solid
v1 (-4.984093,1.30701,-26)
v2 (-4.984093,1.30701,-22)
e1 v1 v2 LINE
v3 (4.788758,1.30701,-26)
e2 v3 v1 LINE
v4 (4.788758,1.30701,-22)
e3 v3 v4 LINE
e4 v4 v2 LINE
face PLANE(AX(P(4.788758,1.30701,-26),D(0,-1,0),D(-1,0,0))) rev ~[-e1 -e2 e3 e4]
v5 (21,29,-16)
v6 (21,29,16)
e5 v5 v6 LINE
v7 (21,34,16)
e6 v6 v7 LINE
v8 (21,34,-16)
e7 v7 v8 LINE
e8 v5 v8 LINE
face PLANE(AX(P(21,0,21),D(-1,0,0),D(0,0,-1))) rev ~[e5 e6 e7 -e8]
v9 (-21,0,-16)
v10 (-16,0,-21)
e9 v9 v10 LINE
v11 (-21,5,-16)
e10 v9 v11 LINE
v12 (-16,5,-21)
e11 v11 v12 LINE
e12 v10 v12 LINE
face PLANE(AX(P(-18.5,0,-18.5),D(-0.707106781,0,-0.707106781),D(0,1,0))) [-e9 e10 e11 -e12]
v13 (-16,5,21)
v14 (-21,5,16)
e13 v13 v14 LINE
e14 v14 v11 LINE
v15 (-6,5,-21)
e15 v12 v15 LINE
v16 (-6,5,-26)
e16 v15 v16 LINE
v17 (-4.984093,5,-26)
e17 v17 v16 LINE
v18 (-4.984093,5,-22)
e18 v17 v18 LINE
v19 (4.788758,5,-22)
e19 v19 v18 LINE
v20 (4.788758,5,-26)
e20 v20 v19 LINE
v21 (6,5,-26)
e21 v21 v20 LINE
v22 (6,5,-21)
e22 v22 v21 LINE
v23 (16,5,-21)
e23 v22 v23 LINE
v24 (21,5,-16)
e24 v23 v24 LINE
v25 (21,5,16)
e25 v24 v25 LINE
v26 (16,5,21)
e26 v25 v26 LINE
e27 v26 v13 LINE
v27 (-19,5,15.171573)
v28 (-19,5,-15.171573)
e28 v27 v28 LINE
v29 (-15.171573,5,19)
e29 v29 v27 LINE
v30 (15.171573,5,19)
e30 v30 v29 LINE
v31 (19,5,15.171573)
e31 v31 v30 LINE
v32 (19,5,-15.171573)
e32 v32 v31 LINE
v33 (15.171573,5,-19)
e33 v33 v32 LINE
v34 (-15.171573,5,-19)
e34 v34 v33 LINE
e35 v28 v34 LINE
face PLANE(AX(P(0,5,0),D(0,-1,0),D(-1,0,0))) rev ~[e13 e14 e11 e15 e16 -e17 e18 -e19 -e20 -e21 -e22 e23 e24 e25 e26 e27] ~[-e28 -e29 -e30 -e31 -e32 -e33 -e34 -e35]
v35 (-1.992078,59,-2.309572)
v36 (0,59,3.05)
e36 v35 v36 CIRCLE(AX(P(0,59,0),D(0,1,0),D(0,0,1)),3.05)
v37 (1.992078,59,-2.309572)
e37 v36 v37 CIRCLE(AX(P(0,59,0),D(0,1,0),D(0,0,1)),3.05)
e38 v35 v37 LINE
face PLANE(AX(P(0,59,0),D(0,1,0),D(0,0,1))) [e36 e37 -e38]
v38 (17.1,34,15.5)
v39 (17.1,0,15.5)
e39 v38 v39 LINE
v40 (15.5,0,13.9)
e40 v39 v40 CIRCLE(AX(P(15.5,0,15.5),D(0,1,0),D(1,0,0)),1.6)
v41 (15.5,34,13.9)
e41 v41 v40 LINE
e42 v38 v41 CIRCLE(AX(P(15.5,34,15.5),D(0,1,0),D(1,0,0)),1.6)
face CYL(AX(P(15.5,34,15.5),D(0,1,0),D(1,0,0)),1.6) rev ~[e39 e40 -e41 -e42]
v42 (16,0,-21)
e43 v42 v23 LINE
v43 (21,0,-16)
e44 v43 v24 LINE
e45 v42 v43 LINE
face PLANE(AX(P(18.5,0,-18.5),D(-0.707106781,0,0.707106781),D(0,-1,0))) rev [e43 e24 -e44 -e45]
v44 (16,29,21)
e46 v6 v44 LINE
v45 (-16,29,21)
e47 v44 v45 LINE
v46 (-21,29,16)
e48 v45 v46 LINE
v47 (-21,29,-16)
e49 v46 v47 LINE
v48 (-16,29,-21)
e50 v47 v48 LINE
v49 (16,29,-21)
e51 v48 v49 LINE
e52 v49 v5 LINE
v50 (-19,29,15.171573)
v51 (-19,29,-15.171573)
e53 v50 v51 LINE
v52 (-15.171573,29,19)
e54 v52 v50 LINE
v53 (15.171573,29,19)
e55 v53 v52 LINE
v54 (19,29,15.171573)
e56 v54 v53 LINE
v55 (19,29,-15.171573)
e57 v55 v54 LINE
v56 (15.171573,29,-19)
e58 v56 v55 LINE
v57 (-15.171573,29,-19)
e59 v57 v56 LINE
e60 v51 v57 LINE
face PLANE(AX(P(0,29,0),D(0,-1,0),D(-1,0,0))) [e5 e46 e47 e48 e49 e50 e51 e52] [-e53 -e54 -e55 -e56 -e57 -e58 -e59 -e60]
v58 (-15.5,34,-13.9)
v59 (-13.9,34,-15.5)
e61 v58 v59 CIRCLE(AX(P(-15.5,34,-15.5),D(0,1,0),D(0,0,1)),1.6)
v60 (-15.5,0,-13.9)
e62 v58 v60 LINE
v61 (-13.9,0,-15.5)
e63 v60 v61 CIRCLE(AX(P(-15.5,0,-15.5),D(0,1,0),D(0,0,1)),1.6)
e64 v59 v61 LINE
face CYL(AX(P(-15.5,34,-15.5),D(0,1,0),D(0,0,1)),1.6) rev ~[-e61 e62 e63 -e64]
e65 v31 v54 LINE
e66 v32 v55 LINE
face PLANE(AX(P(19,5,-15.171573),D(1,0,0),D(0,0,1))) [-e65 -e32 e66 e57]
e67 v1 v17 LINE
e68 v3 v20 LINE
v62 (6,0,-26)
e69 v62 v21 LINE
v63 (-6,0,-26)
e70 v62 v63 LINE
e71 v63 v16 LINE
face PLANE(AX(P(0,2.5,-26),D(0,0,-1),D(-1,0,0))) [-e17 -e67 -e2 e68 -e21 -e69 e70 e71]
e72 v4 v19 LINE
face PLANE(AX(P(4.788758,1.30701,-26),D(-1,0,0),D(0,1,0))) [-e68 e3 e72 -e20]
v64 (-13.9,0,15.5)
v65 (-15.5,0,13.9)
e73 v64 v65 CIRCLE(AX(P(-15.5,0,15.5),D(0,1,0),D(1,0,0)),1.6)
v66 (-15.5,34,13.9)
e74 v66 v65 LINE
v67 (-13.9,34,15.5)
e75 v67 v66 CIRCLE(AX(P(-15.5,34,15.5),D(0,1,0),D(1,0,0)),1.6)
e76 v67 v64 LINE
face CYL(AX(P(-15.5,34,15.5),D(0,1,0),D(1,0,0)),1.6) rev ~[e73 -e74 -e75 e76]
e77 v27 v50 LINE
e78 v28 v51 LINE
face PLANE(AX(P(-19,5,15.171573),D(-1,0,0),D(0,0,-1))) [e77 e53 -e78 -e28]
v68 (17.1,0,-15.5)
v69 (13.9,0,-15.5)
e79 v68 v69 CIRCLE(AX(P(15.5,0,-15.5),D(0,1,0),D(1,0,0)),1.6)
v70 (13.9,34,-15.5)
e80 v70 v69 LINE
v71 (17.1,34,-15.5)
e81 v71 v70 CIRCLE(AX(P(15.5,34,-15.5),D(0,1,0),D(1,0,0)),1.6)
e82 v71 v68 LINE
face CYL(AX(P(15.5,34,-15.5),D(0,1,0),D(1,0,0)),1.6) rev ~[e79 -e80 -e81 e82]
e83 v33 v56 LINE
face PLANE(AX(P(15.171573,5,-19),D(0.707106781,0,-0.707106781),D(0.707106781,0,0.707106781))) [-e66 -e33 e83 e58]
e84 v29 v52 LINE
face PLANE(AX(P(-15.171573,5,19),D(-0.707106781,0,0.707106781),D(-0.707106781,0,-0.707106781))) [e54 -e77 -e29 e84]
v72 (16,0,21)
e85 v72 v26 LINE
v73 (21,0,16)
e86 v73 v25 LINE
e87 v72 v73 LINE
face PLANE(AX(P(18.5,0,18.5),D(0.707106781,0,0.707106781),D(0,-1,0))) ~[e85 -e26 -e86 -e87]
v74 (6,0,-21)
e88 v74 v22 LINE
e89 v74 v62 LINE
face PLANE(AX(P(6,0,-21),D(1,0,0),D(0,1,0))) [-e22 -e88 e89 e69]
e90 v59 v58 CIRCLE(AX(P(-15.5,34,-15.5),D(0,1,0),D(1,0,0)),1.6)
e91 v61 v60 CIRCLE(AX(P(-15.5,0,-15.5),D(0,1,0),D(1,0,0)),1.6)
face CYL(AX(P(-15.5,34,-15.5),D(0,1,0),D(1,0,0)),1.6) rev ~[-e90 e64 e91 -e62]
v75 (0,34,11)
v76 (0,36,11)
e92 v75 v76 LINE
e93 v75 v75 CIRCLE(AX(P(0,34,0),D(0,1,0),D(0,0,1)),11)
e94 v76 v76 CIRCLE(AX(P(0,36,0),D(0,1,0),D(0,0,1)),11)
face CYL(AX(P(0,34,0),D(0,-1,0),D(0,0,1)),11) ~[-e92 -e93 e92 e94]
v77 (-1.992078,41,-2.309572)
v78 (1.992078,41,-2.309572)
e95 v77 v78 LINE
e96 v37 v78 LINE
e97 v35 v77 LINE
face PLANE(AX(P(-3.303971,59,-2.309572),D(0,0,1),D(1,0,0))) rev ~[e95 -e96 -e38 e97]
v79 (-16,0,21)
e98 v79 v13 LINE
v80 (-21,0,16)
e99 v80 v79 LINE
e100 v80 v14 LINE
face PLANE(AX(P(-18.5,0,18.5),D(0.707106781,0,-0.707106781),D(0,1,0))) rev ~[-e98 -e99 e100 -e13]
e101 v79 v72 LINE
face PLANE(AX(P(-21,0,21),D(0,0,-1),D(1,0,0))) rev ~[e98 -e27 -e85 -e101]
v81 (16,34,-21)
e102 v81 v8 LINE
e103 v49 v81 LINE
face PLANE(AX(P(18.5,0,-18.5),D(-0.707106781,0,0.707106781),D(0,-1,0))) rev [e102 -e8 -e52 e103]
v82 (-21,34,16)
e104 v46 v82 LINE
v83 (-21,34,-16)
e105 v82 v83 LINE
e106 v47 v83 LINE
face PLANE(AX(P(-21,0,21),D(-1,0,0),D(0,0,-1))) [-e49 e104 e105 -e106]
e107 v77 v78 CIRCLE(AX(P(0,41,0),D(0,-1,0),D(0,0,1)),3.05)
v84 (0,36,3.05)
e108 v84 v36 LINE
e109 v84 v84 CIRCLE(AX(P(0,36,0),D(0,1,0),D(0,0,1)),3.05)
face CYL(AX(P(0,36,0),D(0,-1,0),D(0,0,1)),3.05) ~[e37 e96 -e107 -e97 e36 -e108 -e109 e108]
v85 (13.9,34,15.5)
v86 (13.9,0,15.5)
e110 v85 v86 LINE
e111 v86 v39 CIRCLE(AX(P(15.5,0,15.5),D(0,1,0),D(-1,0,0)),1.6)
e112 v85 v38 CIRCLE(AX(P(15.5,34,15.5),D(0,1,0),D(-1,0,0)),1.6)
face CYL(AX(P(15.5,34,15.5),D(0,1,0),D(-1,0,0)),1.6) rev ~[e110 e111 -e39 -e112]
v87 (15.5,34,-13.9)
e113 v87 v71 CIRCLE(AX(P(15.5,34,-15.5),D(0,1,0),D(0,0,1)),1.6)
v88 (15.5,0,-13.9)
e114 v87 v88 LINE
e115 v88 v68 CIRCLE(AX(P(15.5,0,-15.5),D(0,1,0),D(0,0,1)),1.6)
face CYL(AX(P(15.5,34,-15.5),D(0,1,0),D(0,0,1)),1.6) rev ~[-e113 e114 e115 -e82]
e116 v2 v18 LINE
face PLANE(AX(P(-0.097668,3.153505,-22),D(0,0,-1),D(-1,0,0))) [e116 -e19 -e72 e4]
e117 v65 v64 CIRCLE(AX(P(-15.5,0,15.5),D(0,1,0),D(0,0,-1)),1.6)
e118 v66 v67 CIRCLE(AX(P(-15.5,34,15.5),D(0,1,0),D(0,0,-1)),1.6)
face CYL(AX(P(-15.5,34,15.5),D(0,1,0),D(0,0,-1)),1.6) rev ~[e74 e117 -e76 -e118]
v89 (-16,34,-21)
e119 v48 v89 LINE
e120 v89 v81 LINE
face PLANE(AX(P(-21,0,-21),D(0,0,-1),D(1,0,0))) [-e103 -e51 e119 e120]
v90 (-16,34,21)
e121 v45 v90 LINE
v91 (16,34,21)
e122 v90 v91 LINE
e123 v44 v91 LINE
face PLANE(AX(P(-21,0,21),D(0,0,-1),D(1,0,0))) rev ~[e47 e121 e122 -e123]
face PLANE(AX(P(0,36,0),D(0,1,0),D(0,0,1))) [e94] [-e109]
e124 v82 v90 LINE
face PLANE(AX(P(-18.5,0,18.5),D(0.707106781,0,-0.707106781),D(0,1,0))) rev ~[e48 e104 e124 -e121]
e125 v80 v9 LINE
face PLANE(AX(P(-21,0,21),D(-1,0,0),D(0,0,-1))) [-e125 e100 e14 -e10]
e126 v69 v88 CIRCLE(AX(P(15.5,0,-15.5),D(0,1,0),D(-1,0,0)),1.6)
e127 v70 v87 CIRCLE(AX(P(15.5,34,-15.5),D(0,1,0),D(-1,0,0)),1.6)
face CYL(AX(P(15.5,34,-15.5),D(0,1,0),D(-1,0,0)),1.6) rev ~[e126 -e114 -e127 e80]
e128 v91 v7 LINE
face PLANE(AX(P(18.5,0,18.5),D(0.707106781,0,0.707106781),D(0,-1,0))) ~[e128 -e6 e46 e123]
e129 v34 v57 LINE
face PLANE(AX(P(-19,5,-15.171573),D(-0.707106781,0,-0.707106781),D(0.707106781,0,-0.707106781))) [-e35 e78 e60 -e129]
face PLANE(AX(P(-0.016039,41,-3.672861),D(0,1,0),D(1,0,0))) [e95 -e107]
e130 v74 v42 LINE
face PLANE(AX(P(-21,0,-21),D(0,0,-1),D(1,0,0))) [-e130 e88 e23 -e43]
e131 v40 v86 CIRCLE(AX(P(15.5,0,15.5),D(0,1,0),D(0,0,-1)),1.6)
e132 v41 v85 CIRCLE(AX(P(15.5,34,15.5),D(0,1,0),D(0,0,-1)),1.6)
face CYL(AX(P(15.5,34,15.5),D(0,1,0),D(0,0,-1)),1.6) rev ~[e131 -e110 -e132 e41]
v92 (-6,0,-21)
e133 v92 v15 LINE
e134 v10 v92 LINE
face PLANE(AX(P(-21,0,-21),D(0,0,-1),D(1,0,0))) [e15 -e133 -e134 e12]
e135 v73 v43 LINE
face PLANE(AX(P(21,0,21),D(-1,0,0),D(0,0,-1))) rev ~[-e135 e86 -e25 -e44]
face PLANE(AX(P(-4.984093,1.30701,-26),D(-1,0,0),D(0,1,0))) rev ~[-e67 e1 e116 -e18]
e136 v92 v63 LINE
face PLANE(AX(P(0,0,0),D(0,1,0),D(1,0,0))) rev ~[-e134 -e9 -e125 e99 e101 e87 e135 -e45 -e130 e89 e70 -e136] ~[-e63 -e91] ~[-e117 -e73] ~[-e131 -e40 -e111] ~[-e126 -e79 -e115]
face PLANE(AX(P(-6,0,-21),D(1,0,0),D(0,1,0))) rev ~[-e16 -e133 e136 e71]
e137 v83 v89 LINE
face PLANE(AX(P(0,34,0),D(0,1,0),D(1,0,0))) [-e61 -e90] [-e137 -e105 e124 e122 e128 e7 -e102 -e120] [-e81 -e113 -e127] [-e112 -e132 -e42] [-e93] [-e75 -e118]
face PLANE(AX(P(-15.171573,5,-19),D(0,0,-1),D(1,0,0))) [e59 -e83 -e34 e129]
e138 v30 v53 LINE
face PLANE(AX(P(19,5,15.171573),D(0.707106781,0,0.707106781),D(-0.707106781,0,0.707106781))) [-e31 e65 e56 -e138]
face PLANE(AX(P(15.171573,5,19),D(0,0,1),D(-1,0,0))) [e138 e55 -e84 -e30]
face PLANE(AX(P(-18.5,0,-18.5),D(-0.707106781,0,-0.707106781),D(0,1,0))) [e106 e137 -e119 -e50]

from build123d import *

# Parameters (mm, degrees)
SKETCH_1_W          = 42
SKETCH_1_H          = 42
EXTRUDE_1_DEPTH     = 34
SKETCH_2_R          = 11
EXTRUDE_2_DEPTH     = 2
SKETCH_3_R          = 3.05
EXTRUDE_3_DEPTH     = 23
SKETCH_4_W          = 6.575865178
SKETCH_4_H          = 2.726578245
CUT_EXTRUDE_1_DEPTH = 18
CUT_EXTRUDE_2_DEPTH = 46.144213361
CHAMFER_1_SIZE      = 5
CUT_EXTRUDE_3_DEPTH = 24
SKETCH_7_W          = 12
SKETCH_7_H          = 5
EXTRUDE_4_DEPTH     = 5
SKETCH_8_W          = 9.77285119
SKETCH_8_H          = 3.692990437
CUT_EXTRUDE_4_DEPTH = 4


with BuildPart() as part:
    # 草图1 → 凸台-拉伸1 (new body)
    with BuildSketch(Plane(origin=(0, 0, 0), x_dir=(1, 0, 0), z_dir=(0, 1, 0))):
        Rectangle(SKETCH_1_W, SKETCH_1_H)
    extrude(amount=EXTRUDE_1_DEPTH)

    # 草图2 → 凸台-拉伸2 (add)
    with BuildSketch(Plane(origin=(0, 34, 0), x_dir=(1, 0, 0), z_dir=(0, 1, 0))):
        with Locations(Location((0, 0, 0), (0, 0, 270))):
            Circle(SKETCH_2_R)
    extrude(amount=EXTRUDE_2_DEPTH)

    # 草图3 → 凸台-拉伸3 (add)
    with BuildSketch(Plane(origin=(0, 36, 0), x_dir=(1, 0, 0), z_dir=(0, 1, 0))):
        with Locations(Location((0, 0, 0), (0, 0, 270))):
            Circle(SKETCH_3_R)
    extrude(amount=EXTRUDE_3_DEPTH)

    # 草图4 → 切除-拉伸1 (cut)
    with BuildSketch(Plane(origin=(0, 59, 0), x_dir=(1, 0, 0), z_dir=(0, 1, 0))):
        with Locations((-0.016038696, 3.672861282)):
            Rectangle(SKETCH_4_W, SKETCH_4_H)
    extrude(amount=-CUT_EXTRUDE_1_DEPTH, mode=Mode.SUBTRACT)

    # 草图5 → 切除-拉伸2 (cut, through all)
    with BuildSketch(Plane(origin=(0, 34, 0), x_dir=(1, 0, 0), z_dir=(0, 1, 0))):
        with BuildLine():
            ThreePointArc((17.1, -15.5), (16.63137085, -14.36862915), (15.5, -13.9))
            Line((15.5, -13.9), (15.5, -15.5))
            Line((15.5, -15.5), (13.9, -15.5))
            ThreePointArc((13.9, -15.5), (15.5, -17.1), (17.1, -15.5))
        make_face()
        with BuildLine():
            Line((15.5, -15.5), (15.5, -13.9))
            ThreePointArc((15.5, -13.9), (14.36862915, -14.36862915), (13.9, -15.5))
            Line((13.9, -15.5), (15.5, -15.5))
        make_face()
        with BuildLine():
            ThreePointArc((-13.9, -15.5), (-14.36862915, -14.36862915), (-15.5, -13.9))
            Line((-15.5, -13.9), (-15.5, -15.5))
            Line((-15.5, -15.5), (-13.9, -15.5))
        make_face()
        with BuildLine():
            Line((-15.5, -15.5), (-15.5, -13.9))
            ThreePointArc((-15.5, -13.9), (-16.63137085, -16.63137085), (-13.9, -15.5))
            Line((-13.9, -15.5), (-15.5, -15.5))
        make_face()
        with BuildLine():
            ThreePointArc((-15.5, 13.9), (-14.36862915, 14.36862915), (-13.9, 15.5))
            Line((-13.9, 15.5), (-15.5, 15.5))
            Line((-15.5, 15.5), (-15.5, 13.9))
        make_face()
        with BuildLine():
            Line((-15.5, 15.5), (-13.9, 15.5))
            ThreePointArc((-13.9, 15.5), (-16.63137085, 16.63137085), (-15.5, 13.9))
            Line((-15.5, 13.9), (-15.5, 15.5))
        make_face()
        with BuildLine():
            ThreePointArc((17.1, 15.5), (15.5, 17.1), (13.9, 15.5))
            Line((13.9, 15.5), (15.5, 15.5))
            Line((15.5, 15.5), (15.5, 13.9))
            ThreePointArc((15.5, 13.9), (16.63137085, 14.36862915), (17.1, 15.5))
        make_face()
        with BuildLine():
            Line((15.5, 15.5), (13.9, 15.5))
            ThreePointArc((13.9, 15.5), (14.36862915, 14.36862915), (15.5, 13.9))
            Line((15.5, 13.9), (15.5, 15.5))
        make_face()
    extrude(amount=-CUT_EXTRUDE_2_DEPTH, mode=Mode.SUBTRACT)

    # 倒角1
    chamfer_1_edges = [part.edges().sort_by_distance(p)[0] for p in [
        (-21, 17, -21),
        (21, 17, -21),
        (21, 17, 21),
        (-21, 17, 21),
    ]]
    chamfer(chamfer_1_edges, length=CHAMFER_1_SIZE)

    # 草图6 → 切除-拉伸3 (cut)
    with BuildSketch(Plane(origin=(0, 5, 0), x_dir=(-1, 0, 0), z_dir=(0, -1, 0))):
        Polygon((-21, 16), (-21, -16), (-16, -21), (16, -21), (21, -16), (21, 16), (16, 21), (-16, 21), align=None)
        Polygon((-19, 15.171572875), (-19, -15.171572875), (-15.171572875, -19), (15.171572875, -19), (19, -15.171572875), (19, 15.171572875), (15.171572875, 19), (-15.171572875, 19), align=None, mode=Mode.SUBTRACT)
    extrude(amount=-CUT_EXTRUDE_3_DEPTH, mode=Mode.SUBTRACT)

    # 草图7 → 凸台-拉伸4 (add)
    with BuildSketch(Plane(origin=(0, 0, -21), x_dir=(-1, 0, 0), z_dir=(0, 0, -1))):
        with Locations((0, 2.5)):
            Rectangle(SKETCH_7_W, SKETCH_7_H)
    extrude(amount=EXTRUDE_4_DEPTH)

    # 草图8 → 切除-拉伸4 (cut)
    with BuildSketch(Plane(origin=(0, 0, -26), x_dir=(-1, 0, 0), z_dir=(0, 0, -1))):
        with Locations((0.097667739, 3.153504782)):
            Rectangle(SKETCH_8_W, SKETCH_8_H)
    extrude(amount=-CUT_EXTRUDE_4_DEPTH, mode=Mode.SUBTRACT)


solid = part.part
